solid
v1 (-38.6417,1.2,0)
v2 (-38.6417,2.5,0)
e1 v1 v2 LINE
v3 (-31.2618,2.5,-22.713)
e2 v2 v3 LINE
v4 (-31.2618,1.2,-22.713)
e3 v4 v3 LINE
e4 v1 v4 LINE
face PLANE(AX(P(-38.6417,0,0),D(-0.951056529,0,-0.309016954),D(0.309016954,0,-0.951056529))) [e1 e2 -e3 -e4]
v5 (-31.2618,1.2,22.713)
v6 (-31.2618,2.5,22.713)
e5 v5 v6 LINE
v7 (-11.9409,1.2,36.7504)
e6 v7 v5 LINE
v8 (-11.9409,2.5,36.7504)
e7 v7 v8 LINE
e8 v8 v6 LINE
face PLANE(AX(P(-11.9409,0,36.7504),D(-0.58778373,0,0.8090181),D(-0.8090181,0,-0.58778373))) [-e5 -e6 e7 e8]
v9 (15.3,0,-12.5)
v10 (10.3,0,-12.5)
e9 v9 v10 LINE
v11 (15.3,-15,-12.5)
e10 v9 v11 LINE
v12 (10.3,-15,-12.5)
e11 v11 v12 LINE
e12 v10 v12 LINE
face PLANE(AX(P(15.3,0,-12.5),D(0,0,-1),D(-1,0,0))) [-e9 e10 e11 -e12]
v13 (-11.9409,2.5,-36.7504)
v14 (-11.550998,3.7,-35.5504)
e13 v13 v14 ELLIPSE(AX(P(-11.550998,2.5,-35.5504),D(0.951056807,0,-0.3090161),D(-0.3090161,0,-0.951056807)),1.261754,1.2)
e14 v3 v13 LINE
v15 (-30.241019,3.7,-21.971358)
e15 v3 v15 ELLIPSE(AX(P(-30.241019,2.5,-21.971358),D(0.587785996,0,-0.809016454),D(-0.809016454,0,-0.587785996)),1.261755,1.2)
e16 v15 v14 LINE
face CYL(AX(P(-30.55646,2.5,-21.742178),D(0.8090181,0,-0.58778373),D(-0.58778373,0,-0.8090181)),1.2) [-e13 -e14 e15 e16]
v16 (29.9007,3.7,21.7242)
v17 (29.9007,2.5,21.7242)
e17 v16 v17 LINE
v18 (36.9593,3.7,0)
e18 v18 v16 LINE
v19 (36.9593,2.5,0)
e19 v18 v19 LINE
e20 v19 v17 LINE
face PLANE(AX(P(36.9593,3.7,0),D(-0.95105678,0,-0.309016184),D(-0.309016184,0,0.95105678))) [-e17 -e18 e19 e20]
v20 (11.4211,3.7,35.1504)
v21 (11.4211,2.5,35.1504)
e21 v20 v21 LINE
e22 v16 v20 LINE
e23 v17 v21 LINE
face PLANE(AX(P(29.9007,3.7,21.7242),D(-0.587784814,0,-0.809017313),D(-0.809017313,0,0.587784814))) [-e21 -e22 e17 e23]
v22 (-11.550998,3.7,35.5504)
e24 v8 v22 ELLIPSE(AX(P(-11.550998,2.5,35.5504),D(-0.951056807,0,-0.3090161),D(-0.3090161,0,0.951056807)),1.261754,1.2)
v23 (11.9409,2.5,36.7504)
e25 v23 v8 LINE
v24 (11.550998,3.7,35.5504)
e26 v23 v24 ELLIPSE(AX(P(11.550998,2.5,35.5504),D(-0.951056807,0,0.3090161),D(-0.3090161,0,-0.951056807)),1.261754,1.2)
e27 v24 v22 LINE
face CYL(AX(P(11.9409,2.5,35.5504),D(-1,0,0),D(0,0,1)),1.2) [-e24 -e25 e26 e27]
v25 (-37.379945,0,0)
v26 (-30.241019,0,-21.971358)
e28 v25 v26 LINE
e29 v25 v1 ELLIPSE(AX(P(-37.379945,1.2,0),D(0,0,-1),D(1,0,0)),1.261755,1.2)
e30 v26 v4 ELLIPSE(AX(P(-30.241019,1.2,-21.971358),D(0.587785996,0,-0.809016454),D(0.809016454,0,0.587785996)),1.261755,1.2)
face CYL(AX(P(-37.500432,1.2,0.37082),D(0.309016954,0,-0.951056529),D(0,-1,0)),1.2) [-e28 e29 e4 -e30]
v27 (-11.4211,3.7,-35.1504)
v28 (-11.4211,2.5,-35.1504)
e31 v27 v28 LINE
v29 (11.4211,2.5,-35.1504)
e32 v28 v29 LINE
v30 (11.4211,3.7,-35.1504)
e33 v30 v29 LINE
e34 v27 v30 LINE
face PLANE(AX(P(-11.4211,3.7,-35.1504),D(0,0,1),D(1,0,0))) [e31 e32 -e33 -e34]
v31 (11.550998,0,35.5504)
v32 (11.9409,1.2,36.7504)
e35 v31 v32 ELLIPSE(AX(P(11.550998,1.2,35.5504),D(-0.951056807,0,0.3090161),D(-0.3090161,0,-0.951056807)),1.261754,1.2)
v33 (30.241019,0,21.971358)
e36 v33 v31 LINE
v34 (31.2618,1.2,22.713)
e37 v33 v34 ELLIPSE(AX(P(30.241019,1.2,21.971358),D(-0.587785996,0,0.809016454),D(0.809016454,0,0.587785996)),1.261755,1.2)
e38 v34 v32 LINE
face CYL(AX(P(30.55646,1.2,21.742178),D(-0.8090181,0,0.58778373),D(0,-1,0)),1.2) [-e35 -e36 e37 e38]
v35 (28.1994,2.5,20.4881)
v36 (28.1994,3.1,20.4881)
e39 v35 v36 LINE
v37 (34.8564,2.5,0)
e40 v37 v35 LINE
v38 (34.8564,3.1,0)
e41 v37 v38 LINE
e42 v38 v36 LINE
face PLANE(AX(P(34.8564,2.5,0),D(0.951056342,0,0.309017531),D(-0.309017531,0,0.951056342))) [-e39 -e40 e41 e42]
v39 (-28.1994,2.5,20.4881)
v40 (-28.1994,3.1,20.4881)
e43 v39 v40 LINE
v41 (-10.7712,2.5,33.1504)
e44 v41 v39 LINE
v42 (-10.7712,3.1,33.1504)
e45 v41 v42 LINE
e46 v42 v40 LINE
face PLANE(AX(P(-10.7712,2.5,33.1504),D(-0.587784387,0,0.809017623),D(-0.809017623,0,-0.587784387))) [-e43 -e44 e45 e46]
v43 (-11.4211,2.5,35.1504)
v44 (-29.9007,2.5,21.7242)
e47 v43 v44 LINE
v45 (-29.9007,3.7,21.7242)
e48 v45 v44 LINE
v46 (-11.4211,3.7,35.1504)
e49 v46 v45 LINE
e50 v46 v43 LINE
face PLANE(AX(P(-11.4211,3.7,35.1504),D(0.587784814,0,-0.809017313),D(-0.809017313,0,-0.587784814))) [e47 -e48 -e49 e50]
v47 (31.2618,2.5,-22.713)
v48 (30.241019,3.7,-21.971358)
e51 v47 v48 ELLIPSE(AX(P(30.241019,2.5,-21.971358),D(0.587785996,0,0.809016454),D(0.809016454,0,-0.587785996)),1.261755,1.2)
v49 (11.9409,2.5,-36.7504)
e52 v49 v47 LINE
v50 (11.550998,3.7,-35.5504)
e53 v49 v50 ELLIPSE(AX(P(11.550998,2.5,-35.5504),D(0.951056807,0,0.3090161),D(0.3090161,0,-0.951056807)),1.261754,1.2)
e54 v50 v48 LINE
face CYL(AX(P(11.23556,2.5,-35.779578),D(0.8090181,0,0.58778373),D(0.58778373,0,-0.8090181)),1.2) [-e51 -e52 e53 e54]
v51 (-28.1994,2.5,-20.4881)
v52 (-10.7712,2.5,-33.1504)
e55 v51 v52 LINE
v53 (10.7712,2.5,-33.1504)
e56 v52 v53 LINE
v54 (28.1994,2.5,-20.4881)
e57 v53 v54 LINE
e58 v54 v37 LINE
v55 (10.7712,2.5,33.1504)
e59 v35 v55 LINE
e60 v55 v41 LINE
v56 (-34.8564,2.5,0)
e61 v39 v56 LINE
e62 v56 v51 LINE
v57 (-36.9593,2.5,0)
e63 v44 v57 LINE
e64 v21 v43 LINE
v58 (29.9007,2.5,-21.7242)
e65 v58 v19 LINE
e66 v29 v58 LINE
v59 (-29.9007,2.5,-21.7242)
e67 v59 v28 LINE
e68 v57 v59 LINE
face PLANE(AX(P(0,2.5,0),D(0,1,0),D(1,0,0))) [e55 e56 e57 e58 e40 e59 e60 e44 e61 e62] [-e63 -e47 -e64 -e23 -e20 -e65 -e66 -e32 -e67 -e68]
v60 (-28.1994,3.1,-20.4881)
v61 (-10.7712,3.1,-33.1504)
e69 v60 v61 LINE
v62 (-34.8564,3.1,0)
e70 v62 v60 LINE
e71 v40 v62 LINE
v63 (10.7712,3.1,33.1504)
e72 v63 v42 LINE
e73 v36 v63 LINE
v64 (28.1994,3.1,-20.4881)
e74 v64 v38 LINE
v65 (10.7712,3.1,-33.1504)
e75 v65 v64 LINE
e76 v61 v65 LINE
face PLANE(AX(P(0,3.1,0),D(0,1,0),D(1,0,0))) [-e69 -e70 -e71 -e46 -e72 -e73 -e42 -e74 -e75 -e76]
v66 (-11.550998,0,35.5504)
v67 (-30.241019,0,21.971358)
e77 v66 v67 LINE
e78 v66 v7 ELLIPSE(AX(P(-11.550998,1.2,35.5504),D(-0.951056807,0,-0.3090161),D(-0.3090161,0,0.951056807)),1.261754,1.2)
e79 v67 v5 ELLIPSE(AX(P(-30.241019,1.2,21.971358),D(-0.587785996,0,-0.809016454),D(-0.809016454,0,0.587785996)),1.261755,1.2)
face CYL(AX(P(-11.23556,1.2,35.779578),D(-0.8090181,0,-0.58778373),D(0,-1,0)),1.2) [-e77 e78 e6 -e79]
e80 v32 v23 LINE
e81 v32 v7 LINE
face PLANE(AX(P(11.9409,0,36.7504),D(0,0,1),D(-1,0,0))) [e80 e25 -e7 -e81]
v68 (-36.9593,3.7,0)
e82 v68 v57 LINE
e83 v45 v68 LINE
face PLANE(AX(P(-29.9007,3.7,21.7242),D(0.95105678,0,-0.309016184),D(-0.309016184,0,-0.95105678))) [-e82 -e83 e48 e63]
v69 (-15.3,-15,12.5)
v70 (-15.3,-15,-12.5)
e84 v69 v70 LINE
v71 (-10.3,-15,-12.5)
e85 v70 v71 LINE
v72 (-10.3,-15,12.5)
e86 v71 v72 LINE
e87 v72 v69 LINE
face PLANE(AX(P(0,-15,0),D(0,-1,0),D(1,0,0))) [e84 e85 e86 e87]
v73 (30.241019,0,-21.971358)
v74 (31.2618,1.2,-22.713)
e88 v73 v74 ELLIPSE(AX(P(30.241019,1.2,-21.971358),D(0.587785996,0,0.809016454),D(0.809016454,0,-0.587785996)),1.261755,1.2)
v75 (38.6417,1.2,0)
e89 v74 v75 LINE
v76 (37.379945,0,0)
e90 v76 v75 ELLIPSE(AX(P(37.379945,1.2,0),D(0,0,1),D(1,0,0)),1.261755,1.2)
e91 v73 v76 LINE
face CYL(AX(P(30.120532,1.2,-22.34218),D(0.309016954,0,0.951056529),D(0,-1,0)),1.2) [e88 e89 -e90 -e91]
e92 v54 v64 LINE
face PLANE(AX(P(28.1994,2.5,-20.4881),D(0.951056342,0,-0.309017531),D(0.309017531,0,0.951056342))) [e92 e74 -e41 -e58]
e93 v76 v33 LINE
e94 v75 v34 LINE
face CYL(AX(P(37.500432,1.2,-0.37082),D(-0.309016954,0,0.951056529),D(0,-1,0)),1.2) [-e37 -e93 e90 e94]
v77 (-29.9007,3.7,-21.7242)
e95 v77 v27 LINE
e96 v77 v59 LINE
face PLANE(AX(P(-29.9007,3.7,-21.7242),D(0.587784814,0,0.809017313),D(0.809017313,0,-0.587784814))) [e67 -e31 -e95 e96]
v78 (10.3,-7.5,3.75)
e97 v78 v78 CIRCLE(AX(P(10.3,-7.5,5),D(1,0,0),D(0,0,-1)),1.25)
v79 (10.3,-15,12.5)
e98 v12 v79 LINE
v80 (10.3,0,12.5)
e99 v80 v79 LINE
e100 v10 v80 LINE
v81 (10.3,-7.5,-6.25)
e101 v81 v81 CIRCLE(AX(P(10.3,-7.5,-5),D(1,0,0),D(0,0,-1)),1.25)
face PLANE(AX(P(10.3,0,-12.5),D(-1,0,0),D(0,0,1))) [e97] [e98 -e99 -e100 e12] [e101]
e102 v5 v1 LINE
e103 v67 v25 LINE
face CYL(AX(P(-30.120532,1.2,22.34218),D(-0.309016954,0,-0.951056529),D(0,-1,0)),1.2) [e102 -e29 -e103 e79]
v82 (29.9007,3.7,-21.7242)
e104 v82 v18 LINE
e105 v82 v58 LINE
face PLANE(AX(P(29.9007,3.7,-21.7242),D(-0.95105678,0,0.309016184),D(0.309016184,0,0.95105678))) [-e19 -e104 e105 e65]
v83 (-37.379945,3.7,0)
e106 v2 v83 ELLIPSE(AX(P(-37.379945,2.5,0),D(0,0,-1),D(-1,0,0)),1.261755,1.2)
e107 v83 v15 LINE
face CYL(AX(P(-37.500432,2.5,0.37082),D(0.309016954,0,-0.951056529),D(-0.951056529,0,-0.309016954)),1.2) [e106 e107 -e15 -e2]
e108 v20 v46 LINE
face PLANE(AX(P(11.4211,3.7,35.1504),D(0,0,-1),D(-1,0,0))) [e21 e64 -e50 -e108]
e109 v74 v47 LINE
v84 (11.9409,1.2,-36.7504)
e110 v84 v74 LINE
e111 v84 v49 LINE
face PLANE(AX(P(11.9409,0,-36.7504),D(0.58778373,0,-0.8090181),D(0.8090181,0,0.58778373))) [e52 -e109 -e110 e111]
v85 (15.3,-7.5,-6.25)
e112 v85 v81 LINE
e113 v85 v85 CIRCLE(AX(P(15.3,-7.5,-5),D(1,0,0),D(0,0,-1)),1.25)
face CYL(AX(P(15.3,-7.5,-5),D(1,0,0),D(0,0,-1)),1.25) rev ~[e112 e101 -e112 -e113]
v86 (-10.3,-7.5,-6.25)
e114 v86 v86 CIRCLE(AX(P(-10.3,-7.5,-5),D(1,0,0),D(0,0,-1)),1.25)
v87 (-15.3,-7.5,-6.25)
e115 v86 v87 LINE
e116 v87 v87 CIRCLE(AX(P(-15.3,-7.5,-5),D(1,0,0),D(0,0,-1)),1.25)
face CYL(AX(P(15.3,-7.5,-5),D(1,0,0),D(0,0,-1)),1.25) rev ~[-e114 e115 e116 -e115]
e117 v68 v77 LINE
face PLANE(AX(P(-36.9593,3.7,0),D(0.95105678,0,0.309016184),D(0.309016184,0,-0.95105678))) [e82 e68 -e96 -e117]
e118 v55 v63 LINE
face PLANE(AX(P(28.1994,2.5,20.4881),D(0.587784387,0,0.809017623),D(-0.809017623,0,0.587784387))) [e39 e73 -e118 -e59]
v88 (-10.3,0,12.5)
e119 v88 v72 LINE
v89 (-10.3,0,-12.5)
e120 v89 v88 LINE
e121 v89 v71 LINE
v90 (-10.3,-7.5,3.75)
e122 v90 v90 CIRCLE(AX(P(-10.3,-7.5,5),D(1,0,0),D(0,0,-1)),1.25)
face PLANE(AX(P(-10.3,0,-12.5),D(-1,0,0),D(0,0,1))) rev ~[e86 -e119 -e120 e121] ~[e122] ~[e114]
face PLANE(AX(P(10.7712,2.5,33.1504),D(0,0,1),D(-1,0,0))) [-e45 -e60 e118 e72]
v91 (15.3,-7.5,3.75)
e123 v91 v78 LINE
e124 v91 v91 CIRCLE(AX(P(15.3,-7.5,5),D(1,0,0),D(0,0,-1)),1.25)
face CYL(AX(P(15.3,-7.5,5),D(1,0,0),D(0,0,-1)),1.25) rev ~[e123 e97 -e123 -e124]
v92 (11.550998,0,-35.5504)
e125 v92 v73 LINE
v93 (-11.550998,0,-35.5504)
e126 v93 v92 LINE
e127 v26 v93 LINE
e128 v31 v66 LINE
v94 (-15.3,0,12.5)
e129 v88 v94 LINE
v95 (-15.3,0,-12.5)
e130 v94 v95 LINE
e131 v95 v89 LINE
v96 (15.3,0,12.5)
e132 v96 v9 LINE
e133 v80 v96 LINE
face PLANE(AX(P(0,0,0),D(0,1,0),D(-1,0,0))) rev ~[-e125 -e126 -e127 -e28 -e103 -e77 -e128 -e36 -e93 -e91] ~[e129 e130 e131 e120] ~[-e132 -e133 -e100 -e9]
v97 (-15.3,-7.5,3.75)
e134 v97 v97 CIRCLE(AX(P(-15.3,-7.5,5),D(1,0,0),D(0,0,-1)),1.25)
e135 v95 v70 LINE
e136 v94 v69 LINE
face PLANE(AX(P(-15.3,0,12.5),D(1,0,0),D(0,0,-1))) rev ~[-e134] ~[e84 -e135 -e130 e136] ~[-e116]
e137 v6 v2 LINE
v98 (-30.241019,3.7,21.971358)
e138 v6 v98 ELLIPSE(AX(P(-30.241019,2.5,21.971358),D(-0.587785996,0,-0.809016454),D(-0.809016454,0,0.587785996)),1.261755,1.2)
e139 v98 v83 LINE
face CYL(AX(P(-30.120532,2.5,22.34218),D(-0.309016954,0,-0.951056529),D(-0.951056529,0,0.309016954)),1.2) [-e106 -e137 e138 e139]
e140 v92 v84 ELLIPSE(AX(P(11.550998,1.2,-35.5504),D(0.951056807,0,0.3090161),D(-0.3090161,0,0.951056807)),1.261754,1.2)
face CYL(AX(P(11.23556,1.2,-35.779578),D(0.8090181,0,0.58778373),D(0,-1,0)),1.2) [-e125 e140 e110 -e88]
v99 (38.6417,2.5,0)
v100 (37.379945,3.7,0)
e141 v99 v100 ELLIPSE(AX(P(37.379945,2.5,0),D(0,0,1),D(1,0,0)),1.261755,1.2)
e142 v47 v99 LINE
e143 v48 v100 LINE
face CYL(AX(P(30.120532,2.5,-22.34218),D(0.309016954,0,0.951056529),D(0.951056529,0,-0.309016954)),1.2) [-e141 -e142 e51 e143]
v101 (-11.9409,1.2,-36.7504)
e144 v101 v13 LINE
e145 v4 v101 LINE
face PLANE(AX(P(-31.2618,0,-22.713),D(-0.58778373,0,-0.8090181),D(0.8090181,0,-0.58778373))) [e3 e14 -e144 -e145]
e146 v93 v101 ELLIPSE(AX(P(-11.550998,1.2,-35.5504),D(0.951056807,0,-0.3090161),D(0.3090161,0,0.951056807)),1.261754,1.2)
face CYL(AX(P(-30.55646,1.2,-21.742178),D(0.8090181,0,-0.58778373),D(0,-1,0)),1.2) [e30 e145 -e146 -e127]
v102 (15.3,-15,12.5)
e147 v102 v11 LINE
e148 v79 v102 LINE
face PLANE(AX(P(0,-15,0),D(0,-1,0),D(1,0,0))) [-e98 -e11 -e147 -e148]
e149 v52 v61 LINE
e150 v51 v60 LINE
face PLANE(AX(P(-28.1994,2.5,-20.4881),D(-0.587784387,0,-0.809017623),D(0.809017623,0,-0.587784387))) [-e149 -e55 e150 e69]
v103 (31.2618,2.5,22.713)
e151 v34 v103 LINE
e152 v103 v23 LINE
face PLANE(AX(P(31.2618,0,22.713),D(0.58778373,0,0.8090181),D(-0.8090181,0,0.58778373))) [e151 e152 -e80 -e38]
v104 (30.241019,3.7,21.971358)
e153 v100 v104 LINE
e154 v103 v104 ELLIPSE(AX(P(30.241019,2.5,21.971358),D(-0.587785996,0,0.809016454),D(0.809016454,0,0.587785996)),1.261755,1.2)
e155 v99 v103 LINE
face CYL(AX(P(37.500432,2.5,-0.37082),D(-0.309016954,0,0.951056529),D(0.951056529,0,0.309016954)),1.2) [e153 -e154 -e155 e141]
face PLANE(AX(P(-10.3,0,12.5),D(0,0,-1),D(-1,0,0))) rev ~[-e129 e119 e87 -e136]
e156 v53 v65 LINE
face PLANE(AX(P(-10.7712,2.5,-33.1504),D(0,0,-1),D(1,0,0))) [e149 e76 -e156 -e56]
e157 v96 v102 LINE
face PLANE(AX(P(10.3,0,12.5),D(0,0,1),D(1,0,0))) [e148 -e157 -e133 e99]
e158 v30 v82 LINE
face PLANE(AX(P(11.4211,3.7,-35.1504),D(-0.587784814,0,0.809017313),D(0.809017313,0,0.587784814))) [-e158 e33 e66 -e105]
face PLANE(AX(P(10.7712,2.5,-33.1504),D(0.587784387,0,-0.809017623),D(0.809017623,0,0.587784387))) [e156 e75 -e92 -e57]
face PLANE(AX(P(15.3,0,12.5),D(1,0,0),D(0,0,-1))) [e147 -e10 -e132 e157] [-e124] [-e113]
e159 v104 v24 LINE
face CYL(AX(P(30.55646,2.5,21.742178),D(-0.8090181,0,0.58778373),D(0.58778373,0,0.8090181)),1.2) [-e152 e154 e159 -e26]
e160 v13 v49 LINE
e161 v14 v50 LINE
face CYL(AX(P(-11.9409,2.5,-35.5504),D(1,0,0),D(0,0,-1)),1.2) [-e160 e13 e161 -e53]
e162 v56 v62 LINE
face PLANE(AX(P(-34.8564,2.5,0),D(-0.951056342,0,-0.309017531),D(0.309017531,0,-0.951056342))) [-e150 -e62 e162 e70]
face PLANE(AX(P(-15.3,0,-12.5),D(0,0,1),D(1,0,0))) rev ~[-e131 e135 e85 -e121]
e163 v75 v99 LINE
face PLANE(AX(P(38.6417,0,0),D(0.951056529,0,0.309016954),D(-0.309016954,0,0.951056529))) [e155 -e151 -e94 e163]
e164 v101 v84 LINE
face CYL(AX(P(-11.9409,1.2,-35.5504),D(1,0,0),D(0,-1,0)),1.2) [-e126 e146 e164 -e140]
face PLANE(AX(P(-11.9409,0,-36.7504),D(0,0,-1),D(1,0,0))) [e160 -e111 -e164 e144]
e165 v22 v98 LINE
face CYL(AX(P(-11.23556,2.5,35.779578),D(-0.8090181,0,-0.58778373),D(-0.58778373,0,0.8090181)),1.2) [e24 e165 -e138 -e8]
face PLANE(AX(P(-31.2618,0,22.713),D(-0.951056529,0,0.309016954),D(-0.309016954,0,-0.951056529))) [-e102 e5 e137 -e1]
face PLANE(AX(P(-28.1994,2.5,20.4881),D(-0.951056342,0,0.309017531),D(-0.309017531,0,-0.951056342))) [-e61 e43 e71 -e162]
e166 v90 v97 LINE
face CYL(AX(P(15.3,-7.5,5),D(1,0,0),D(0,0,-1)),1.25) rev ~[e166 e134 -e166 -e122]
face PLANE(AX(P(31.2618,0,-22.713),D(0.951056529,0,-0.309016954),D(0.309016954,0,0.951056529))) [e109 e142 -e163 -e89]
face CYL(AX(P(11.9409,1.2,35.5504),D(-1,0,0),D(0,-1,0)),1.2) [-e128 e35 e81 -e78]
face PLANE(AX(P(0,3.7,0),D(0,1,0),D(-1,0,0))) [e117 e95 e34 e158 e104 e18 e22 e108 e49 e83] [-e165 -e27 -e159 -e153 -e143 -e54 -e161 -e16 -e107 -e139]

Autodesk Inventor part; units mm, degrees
ref_plane "YZ Plane" through (0, 0, 0) normal (1, 0, 0) x (0, 1, 0)
ref_plane "XZ Plane" through (0, 0, 0) normal (0, 1, 0) x (-1, 0, 0)
ref_plane "XY Plane" through (0, 0, 0) normal (0, 0, 1) x (1, 0, 0)
sketch "스케치1" plane through (0, 0, 0) normal (0, 1, 0) x (-1, 0, 0)
  line L0 (-10.9012, 33.5504) -> (10.9012, 33.5504)
  line L1 (10.9012, 33.5504) -> (28.5397, 20.7353)
  line L2 (28.5397, 20.7353) -> (35.277, 0)
  line L3 (35.277, 0) -> (28.5397, -20.7353)
  line L4 (28.5397, -20.7353) -> (10.9012, -33.5504)
  line L5 (10.9012, -33.5504) -> (-10.9012, -33.5504)
  line L6 (-10.9012, -33.5504) -> (-28.5397, -20.7353)
  line L7 (-28.5397, -20.7353) -> (-35.277, 0)
  line L8 (-35.277, 0) -> (-28.5397, 20.7353)
  line L9 (-28.5397, 20.7353) -> (-10.9012, 33.5504)
  line L10 (11.9409, -36.7504) -> (-11.9409, -36.7504)
  line L11 (-11.9409, -36.7504) -> (-31.2618, -22.713)
  line L12 (-31.2618, -22.713) -> (-38.6417, 0)
  line L13 (-38.6417, 0) -> (-31.2618, 22.713)
  line L14 (-31.2618, 22.713) -> (-11.9409, 36.7504)
  line L15 (-11.9409, 36.7504) -> (11.9409, 36.7504)
  line L16 (11.9409, 36.7504) -> (31.2618, 22.713)
  line L17 (31.2618, 22.713) -> (38.6417, 0)
  line L18 (38.6417, 0) -> (31.2618, -22.713)
  line L19 (31.2618, -22.713) -> (11.9409, -36.7504)
  point P0 (0, 0)
  point P1 (0, 0)
  point P2 (0, 0)
  dimension "d0" = 70.554
  dimension "d1" = 3.2
extrude "돌출1" add sketch "스케치1" along normal blind 3.7 contours L0 L1 L2 L3 L4 L5 L6 L7 L8 L9 | L10 L11 L12 L13 L14 L15 L16 L17 L18 L19
sketch "스케치2" plane through (0, 3.7, 0) normal (0, 1, 0) x (1, 0, 0)
  line L0 (-11.4211, 35.1504) -> (11.4211, 35.1504)
  line L1 (11.4211, 35.1504) -> (29.9007, 21.7242)
  line L2 (29.9007, 21.7242) -> (36.9593, 0)
  line L3 (36.9593, 0) -> (29.9007, -21.7242)
  line L4 (29.9007, -21.7242) -> (11.4211, -35.1504)
  line L5 (11.4211, -35.1504) -> (-11.4211, -35.1504)
  line L6 (-11.4211, -35.1504) -> (-29.9007, -21.7242)
  line L7 (-29.9007, -21.7242) -> (-36.9593, 0)
  line L8 (-36.9593, 0) -> (-29.9007, 21.7242)
  line L9 (-29.9007, 21.7242) -> (-11.4211, 35.1504)
  line L10 (-31.2618, 22.713) -> (-38.6417, 0) projected
  point P0 (0, 0)
  point P1 (0, 0)
  dimension "d4" = 1.6
extrude "돌출2" cut sketch "스케치2" against normal blind 1.2
sketch "스케치3" plane through (0, 2.5, 0) normal (0, 1, 0) x (1, 0, 0)
  line L0 (-10.7712, 33.1504) -> (10.7712, 33.1504)
  line L1 (10.7712, 33.1504) -> (28.1994, 20.4881)
  line L2 (28.1994, 20.4881) -> (34.8564, 0)
  line L3 (34.8564, 0) -> (28.1994, -20.4881)
  line L4 (28.1994, -20.4881) -> (10.7712, -33.1504)
  line L5 (10.7712, -33.1504) -> (-10.7712, -33.1504)
  line L6 (-10.7712, -33.1504) -> (-28.1994, -20.4881)
  line L7 (-28.1994, -20.4881) -> (-34.8564, 0)
  line L8 (-34.8564, 0) -> (-28.1994, 20.4881)
  line L9 (-28.1994, 20.4881) -> (-10.7712, 33.1504)
  line L10 (-29.9007, 21.7242) -> (-11.4211, 35.1504) projected
  point P0 (0, 0)
  point P1 (0, 0)
  dimension "d7" = 2
extrude "돌출3" add sketch "스케치3" along normal blind 0.6
fillet "모깎기1" radius 1.2 20 edges at (0, 3.7, 36.7504) (0, 0, 36.7504) (-21.6014, 3.7, 29.7317) (-21.6014, 0, 29.7317) (-34.9517, 3.7, 11.3565) (-34.9517, 3.7, -11.3565) (-21.6014, 3.7, -29.7317) (0, 3.7, -36.7504) (21.6014, 3.7, -29.7317) (34.9517, 3.7, -11.3565) (34.9517, 3.7, 11.3565) (21.6014, 3.7, 29.7317) (21.6014, 0, -29.7317) (0, 0, -36.7504) (-21.6014, 0, -29.7317) (-34.9517, 0, -11.3565) (-34.9517, 0, 11.3565) (34.9517, 0, -11.3565) (34.9517, 0, 11.3565) (21.6014, 0, 29.7317)
sketch "스케치10" plane through (0, 0, 0) normal (0, -1, 0) x (1, 0, 0)
  line L0 (10.3, 12.5) -> (15.3, 12.5)
  line L1 (15.3, 12.5) -> (15.3, -12.5)
  line L2 (15.3, -12.5) -> (10.3, -12.5)
  line L3 (10.3, -12.5) -> (10.3, 12.5)
  line L4 (10.3, 12.5) -> (15.3, -12.5) construction
  line L5 (15.3, 12.5) -> (10.3, -12.5) construction
  line L6 (0, 0) -> (0, -7.1527)
  line L7 (-10.3, 12.5) -> (-15.3, 12.5)
  line L8 (-15.3, 12.5) -> (-15.3, -12.5)
  line L9 (-15.3, -12.5) -> (-10.3, -12.5)
  line L10 (-10.3, -12.5) -> (-10.3, 12.5)
  line L11 (-10.3, 12.5) -> (-15.3, -12.5) construction
  line L12 (-15.3, 12.5) -> (-10.3, -12.5) construction
  point P0 (12.8, 0)
  point P1 (-12.8, 0)
  dimension "d50" = 5
  dimension "d51" = 25
  dimension "d52" = 10.3
extrude "돌출7" add sketch "스케치10" along normal blind 15
sketch "스케치11" plane through (15.3, 0, 12.5) normal (1, 0, 0) x (0, 0, -1)
  circle A0 centre (7.5, -7.5) radius 1.25
  line L0 (-9.4714, 0) -> (12.5, 0) projected
  line L1 (12.5, 1.2) -> (12.5, 2.5) projected
  line L2 (12.5, 0) -> (12.5, -3.4496)
  circle A1 centre (17.5, -7.5) radius 1.25
  point P0 (12.5, 1.85)
  dimension "d55" = 2.5
  dimension "d56" = 7.5
  dimension "d57" = 5
extrude "돌출8" cut sketch "스케치11" against normal up to surface (30.6 mm away)
equation "\"d38\" = 55deg"
properties part number "OV-PAM_n_10_bottom"
